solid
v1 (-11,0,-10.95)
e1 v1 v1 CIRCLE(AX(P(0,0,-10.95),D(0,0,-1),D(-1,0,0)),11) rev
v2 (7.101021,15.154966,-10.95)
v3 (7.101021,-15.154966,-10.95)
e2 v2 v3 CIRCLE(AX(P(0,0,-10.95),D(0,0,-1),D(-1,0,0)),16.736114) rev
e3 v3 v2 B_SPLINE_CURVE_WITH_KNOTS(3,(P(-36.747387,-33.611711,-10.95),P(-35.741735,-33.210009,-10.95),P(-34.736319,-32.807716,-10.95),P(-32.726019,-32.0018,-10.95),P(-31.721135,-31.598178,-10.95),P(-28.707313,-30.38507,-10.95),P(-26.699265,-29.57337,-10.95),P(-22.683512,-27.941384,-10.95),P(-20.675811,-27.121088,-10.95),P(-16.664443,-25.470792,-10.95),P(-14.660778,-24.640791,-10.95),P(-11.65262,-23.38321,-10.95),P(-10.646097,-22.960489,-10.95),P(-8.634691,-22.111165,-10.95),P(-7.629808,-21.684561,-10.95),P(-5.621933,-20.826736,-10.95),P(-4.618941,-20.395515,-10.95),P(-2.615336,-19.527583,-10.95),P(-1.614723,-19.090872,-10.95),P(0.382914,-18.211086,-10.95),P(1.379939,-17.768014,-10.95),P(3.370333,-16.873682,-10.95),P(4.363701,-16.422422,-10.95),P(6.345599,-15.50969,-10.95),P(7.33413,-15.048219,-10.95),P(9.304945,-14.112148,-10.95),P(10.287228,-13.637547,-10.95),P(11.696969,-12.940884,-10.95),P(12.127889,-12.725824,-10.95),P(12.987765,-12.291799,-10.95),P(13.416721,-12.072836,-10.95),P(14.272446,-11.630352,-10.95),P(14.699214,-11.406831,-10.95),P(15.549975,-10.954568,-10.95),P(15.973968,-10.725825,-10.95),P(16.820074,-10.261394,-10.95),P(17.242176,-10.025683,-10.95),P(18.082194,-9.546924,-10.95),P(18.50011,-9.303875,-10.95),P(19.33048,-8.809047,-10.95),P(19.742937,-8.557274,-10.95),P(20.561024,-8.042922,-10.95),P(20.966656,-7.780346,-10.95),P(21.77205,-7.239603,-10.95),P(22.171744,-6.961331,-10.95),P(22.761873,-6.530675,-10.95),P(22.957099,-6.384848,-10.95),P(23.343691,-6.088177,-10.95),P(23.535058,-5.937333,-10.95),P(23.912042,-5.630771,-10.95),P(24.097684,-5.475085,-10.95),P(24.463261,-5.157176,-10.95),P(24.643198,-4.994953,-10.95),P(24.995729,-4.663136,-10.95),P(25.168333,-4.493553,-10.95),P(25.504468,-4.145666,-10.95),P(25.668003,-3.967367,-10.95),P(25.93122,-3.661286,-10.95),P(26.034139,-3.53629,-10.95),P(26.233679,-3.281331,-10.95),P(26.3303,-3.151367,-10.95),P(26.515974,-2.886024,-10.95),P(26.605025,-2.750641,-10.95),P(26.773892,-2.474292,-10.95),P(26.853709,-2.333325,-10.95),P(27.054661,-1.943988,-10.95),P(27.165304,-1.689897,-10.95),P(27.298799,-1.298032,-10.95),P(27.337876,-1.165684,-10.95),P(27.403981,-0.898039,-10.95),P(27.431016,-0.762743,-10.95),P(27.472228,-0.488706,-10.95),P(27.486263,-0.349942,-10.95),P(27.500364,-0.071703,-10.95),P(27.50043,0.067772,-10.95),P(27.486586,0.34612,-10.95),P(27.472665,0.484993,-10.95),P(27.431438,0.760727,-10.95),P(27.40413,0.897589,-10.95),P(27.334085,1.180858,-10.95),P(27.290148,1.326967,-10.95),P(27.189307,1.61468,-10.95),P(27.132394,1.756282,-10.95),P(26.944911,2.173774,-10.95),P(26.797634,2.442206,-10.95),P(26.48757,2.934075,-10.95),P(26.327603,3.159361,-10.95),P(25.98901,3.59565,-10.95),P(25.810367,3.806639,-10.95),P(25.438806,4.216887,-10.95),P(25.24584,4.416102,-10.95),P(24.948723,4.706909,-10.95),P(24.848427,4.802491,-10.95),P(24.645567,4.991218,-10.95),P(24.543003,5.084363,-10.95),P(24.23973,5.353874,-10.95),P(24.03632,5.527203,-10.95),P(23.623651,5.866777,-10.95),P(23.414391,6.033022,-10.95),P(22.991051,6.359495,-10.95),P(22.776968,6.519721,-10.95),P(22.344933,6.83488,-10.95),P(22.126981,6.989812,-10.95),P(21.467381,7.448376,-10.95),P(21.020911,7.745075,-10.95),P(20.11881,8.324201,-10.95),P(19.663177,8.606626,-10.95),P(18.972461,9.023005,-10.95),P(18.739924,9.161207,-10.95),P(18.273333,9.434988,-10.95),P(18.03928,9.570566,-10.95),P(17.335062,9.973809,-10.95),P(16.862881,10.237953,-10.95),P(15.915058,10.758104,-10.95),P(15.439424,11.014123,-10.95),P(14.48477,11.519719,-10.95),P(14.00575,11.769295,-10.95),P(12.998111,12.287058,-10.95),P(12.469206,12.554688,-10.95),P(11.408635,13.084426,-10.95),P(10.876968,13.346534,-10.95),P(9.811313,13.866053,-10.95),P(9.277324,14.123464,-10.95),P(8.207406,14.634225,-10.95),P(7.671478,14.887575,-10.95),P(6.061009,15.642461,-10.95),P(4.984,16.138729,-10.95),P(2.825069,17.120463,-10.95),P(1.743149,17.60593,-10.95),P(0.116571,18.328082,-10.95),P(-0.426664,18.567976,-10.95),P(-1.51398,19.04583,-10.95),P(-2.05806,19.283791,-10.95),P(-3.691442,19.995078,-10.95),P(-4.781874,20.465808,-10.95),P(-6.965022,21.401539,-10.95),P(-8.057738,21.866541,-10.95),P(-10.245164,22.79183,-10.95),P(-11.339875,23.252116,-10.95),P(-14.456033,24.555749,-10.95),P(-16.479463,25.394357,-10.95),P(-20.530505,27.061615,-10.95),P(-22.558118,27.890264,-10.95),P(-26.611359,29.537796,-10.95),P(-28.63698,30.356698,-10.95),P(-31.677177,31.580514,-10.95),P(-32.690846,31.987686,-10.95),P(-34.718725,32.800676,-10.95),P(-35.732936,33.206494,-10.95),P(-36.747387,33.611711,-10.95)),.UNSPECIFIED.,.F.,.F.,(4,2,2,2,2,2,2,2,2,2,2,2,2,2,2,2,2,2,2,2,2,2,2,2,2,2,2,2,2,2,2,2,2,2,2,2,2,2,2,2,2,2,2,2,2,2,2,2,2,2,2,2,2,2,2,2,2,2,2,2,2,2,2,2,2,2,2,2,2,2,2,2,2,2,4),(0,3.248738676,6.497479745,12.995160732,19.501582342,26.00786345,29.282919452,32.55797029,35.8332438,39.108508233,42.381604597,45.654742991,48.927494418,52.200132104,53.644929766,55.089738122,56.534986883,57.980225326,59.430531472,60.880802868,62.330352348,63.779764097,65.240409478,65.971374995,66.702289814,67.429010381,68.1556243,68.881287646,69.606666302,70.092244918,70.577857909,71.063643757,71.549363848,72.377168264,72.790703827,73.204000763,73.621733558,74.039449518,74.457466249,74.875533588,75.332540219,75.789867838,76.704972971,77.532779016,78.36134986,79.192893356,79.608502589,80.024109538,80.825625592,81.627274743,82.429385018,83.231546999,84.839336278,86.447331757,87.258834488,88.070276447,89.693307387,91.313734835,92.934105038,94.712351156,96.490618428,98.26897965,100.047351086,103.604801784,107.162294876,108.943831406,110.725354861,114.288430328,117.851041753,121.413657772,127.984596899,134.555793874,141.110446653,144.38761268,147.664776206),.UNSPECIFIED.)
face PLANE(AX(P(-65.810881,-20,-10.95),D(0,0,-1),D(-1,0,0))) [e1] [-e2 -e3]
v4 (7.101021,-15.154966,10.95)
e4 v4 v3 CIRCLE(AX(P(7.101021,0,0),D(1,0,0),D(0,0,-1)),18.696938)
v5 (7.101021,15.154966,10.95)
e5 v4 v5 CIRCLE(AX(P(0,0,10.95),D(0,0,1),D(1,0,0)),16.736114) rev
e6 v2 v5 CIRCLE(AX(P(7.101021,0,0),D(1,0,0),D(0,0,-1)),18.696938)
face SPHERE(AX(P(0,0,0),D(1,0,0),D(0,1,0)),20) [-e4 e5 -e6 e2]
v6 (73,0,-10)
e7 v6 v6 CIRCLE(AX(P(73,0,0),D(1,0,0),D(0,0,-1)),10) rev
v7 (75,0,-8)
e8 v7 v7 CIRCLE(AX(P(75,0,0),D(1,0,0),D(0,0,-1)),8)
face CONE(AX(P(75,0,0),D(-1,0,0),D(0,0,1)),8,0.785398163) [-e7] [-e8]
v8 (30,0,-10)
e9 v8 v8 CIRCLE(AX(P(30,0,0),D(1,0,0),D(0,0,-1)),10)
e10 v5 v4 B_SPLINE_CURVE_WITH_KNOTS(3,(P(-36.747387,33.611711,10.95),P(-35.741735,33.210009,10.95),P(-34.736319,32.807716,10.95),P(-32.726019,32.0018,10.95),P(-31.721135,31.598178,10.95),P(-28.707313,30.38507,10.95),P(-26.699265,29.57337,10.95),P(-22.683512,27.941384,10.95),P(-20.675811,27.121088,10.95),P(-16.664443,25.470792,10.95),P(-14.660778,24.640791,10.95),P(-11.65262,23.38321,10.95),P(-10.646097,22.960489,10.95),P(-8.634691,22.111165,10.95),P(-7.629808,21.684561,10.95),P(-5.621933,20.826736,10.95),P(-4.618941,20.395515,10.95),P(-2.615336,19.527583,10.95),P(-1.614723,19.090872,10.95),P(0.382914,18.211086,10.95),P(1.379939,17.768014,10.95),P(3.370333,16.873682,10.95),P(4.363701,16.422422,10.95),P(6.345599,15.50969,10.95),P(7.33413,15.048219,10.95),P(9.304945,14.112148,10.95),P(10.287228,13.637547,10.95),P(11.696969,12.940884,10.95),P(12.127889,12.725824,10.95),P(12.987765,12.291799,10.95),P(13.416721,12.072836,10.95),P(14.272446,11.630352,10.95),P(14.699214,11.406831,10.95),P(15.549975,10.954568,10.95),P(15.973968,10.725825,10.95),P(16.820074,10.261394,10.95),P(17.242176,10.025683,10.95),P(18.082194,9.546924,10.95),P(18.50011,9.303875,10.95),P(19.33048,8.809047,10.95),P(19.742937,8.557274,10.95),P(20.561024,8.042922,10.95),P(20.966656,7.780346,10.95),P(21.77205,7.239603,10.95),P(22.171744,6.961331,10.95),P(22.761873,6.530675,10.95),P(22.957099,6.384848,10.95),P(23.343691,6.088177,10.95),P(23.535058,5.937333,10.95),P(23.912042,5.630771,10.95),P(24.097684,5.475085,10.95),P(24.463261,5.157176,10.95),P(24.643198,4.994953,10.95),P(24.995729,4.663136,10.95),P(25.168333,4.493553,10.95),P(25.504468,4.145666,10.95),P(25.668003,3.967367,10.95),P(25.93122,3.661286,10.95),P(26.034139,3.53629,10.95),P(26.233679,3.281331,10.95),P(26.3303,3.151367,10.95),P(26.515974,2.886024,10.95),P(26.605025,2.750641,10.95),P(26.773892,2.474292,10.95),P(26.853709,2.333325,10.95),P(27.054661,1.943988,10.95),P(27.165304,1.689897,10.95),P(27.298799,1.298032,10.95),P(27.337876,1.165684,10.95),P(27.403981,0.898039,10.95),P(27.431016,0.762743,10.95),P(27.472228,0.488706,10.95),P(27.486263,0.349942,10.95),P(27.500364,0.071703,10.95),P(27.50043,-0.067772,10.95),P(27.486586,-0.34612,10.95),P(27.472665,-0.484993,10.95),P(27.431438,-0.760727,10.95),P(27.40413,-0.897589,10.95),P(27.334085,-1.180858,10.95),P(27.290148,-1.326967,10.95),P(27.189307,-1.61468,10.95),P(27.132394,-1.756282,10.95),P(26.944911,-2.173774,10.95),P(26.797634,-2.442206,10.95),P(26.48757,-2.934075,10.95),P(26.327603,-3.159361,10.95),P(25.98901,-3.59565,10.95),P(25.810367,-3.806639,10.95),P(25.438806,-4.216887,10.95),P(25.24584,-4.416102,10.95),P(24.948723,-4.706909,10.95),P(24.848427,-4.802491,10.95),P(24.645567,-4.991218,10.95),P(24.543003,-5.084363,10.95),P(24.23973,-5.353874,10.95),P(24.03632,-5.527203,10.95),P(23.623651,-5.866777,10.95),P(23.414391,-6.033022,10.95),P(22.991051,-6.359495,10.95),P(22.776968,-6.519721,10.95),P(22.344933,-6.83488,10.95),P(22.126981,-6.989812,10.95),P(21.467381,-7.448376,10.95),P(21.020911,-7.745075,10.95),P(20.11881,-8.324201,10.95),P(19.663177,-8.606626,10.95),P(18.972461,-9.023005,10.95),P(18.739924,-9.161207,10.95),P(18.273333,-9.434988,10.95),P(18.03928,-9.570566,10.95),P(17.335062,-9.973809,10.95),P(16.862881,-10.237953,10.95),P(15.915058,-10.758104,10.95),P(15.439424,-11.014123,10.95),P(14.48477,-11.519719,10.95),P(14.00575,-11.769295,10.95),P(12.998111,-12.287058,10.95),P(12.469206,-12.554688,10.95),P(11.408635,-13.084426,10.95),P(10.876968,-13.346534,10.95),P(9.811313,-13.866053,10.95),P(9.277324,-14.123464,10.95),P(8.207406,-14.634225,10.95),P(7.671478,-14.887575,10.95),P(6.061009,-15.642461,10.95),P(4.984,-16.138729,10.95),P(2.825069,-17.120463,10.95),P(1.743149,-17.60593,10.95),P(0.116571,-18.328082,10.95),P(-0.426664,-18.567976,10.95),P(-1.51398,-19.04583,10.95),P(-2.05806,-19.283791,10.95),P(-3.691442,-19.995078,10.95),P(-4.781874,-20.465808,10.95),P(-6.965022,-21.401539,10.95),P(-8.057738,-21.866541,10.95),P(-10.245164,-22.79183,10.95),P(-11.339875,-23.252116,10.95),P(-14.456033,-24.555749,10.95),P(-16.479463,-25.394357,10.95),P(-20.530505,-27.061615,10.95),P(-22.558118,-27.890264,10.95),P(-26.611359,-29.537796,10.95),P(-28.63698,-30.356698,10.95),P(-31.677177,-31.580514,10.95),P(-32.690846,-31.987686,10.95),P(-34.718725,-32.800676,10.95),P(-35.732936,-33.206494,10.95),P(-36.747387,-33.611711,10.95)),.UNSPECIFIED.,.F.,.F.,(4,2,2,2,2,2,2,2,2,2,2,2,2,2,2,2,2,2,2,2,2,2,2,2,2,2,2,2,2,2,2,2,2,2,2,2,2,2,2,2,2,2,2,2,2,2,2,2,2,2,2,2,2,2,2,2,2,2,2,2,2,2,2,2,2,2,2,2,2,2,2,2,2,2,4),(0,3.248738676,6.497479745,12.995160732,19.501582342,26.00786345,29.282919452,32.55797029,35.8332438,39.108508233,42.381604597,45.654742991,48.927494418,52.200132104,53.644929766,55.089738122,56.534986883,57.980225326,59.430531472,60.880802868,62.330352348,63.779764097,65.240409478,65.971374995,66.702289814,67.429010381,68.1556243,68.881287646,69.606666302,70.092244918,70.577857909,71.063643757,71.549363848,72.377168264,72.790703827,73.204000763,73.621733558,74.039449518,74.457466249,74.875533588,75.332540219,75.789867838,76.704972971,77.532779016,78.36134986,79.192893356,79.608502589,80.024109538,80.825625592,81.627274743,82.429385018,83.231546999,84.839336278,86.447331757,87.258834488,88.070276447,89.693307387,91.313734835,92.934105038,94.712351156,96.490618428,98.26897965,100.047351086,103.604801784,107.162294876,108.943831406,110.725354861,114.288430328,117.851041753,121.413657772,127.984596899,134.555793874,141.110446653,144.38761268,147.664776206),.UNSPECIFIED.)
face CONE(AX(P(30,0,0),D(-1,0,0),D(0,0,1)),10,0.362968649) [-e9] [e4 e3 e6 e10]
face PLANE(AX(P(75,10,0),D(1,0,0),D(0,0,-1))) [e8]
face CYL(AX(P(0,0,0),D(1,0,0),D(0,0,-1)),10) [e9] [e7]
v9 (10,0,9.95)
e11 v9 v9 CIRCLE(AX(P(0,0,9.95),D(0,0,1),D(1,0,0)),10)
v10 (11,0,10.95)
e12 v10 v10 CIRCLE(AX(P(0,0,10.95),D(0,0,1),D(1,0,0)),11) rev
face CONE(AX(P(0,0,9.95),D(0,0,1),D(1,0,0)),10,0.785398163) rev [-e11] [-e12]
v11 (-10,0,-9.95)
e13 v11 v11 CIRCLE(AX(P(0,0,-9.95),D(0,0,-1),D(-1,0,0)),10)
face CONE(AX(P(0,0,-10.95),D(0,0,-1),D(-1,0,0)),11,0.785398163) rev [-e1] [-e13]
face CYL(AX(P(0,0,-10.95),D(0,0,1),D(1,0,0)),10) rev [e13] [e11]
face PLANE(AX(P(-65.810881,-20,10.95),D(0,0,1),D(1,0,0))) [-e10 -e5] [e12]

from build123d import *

# Parameters (mm, degrees)
SKICA2_OUTSIDE_W              = 119.114
SKICA2_OUTSIDE_H              = 64.114
SKICA2_OUTSIDE_W_2            = 160.751096763
SKICA2_OUTSIDE_H_2            = 21.9
ODEBRAT_VYSUNUT_M1_DEPTH      = 21
ODEBRAT_VYSUNUT_M1_DEPTH_BACK = 21
SKICA3_R                      = 10
ODEBRAT_VYSUNUT_M2_DEPTH      = 11.95
ODEBRAT_VYSUNUT_M2_DEPTH_BACK = 11.95
ZKOSEN_1_SIZE                 = 1
ZKOSEN_2_SIZE                 = 2


with BuildPart() as part:
    # Skica1 → Rotovat1 (revolve)
    with BuildSketch(Plane.XY, mode=Mode.PRIVATE) as rotovat1_sk:
        with BuildLine():
            Line((7.101020514, 18.696938457), (30, 10))
            Line((30, 10), (75, 10))
            Line((75, 10), (75, 0))
            Line((75, 0), (-20, 0))
            ThreePointArc((-20, 0), (-11.357367426, 16.462387589), (7.101020514, 18.696938457))
        make_face()
    revolve(rotovat1_sk.sketch.rotate(Axis((0, 0, 0), (-1, 0, 0)), 90), axis=Axis((0, 0, 0), (-1, 0, 0)))  # turned: the seam where the file's is

    # Skica2 outside → Odebrat vysunutím1 (cut, two sides)
    with BuildSketch(Plane(origin=(0, 0, 0), x_dir=(1, 0, 0), z_dir=(0, 1, 0))) as odebrat_vysunut_m1_sk:
        with Locations((27.5, 0)):
            Rectangle(SKICA2_OUTSIDE_W, SKICA2_OUTSIDE_H)
        with Locations((14.564667135, 0)):
            Rectangle(SKICA2_OUTSIDE_W_2, SKICA2_OUTSIDE_H_2, mode=Mode.SUBTRACT)
    extrude(amount=ODEBRAT_VYSUNUT_M1_DEPTH, mode=Mode.SUBTRACT)
    extrude(odebrat_vysunut_m1_sk.sketch, amount=-ODEBRAT_VYSUNUT_M1_DEPTH_BACK, mode=Mode.SUBTRACT)

    # Skica3 → Odebrat vysunutím2 (cut, two sides)
    with BuildSketch(Plane.XY) as odebrat_vysunut_m2_sk:
        Circle(SKICA3_R)
    extrude(amount=ODEBRAT_VYSUNUT_M2_DEPTH, mode=Mode.SUBTRACT)
    extrude(odebrat_vysunut_m2_sk.sketch, amount=-ODEBRAT_VYSUNUT_M2_DEPTH_BACK, mode=Mode.SUBTRACT)

    # Zkosení1
    zkosen_1_edges = [part.edges().sort_by_distance(p)[0] for p in [
        (-10, 0, -10.95),
        (-10, 0, 10.95),
    ]]
    chamfer(zkosen_1_edges, length=ZKOSEN_1_SIZE)

    # Zkosení2
    zkosen_2_edges = [part.edges().sort_by_distance(p)[0] for p in [
        (75, 0, 10),
    ]]
    chamfer(zkosen_2_edges, length=ZKOSEN_2_SIZE)


solid = part.part
